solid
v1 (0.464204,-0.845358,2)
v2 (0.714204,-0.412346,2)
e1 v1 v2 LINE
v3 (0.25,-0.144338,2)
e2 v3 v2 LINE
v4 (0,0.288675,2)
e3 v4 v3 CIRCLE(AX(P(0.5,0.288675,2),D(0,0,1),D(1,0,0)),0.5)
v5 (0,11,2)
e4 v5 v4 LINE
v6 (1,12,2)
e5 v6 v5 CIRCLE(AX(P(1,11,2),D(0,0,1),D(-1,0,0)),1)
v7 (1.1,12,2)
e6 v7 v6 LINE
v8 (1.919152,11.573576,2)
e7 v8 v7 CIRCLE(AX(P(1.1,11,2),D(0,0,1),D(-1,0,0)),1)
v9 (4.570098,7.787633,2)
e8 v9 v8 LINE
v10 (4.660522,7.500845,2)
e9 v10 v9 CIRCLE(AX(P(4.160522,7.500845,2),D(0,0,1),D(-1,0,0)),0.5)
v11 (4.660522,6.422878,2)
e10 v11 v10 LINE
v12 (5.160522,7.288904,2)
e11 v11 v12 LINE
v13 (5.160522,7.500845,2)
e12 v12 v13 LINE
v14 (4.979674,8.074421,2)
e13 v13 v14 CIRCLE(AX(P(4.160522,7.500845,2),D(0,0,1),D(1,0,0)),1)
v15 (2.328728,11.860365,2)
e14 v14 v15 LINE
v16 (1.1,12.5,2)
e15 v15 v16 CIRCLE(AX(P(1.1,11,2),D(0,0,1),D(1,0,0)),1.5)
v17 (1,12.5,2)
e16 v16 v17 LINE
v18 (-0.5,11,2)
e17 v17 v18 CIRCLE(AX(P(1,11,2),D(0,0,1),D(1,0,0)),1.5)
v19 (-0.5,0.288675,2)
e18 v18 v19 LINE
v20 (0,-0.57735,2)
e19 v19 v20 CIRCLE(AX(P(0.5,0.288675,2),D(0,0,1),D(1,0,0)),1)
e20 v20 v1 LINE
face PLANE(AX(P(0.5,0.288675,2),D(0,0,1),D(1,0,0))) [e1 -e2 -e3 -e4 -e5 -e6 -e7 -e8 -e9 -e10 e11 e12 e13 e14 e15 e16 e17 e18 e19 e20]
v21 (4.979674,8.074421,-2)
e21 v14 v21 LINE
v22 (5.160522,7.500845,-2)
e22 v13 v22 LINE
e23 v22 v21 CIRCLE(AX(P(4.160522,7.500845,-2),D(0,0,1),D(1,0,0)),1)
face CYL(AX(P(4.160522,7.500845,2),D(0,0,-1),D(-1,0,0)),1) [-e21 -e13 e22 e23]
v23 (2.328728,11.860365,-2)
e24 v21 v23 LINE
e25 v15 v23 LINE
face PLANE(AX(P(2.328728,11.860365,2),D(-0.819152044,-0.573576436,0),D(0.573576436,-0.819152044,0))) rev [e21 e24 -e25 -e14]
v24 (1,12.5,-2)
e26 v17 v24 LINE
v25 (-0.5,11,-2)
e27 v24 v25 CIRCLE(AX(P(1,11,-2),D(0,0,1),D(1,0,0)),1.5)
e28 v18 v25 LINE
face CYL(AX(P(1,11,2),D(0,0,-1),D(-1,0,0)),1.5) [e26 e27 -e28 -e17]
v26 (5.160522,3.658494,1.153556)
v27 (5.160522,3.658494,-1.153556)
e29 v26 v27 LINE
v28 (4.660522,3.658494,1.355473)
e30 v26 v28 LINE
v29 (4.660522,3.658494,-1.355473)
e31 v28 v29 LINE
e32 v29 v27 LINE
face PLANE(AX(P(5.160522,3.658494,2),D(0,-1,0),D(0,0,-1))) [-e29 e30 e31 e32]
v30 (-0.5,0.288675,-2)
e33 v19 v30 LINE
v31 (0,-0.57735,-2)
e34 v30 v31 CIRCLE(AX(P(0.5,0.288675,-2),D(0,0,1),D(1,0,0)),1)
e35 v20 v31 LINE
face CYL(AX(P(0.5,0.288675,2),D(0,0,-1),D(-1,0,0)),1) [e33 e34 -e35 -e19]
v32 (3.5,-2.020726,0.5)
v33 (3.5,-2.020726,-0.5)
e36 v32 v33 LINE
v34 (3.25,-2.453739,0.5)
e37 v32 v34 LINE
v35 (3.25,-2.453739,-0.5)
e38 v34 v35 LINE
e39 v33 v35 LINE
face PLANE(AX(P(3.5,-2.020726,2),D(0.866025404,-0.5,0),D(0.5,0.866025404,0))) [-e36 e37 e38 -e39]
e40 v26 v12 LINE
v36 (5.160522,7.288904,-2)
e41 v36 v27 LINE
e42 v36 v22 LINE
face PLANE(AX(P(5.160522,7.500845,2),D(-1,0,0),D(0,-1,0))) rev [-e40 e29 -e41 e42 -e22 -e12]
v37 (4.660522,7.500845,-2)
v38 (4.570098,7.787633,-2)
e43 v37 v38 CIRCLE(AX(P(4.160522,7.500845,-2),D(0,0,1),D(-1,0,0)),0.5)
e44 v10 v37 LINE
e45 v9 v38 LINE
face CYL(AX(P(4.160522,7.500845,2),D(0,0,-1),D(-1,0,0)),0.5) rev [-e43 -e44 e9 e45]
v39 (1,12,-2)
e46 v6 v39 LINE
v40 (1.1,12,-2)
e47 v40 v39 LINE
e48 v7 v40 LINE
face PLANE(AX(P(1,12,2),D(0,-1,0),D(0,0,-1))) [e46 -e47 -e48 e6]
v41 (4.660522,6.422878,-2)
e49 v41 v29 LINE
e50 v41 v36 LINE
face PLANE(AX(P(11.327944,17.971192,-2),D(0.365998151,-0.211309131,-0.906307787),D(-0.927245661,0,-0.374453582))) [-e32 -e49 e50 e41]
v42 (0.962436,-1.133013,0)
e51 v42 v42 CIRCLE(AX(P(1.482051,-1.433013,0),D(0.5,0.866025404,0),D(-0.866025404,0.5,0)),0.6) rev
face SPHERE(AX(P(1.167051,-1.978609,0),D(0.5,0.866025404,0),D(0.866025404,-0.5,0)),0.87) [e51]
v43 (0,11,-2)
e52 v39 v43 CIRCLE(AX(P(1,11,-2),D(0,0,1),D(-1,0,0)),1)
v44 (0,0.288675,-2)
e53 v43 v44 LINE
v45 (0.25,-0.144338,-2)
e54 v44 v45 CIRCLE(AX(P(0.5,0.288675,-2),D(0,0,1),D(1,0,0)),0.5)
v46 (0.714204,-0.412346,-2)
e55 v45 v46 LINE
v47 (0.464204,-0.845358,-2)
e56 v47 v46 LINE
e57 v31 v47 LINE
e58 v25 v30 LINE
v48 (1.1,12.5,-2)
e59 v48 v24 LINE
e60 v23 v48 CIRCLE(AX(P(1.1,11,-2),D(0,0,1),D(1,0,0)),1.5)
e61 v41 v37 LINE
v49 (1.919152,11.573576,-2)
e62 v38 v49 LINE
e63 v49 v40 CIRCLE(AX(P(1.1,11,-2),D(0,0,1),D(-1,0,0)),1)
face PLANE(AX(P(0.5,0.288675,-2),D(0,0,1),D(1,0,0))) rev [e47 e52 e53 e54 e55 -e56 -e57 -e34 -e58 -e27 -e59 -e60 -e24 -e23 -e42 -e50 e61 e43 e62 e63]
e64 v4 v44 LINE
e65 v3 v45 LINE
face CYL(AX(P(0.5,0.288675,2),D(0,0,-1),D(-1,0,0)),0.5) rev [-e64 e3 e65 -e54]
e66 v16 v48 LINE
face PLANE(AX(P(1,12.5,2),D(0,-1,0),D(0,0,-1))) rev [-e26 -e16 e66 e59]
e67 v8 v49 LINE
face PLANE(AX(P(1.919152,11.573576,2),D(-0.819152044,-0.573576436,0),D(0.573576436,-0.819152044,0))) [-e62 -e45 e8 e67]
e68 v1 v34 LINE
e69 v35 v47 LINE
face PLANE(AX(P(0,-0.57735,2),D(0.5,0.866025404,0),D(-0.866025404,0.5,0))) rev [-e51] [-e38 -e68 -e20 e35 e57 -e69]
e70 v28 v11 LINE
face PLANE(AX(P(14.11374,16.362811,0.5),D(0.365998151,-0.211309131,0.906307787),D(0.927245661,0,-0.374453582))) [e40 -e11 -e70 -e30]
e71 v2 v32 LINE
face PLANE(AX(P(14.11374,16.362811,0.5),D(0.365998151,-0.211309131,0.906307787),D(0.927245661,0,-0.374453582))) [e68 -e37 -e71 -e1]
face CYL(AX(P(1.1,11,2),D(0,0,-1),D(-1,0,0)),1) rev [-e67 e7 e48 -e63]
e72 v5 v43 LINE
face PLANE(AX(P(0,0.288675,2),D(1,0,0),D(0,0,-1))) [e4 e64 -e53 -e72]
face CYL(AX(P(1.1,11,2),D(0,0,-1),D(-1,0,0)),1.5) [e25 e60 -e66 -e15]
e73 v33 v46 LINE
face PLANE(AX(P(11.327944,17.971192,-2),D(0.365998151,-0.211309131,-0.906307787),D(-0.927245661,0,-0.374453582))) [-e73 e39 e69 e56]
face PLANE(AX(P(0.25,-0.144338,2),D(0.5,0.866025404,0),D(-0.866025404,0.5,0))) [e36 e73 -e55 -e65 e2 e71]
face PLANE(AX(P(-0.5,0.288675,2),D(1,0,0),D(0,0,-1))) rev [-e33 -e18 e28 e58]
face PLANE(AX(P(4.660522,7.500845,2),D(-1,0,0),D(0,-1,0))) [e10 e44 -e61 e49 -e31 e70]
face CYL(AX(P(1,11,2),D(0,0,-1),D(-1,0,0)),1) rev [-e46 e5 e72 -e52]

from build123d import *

# Parameters (mm, degrees)
EXTRUDE_THIN1_DEPTH     = 2
CUT_EXTRUDE1_DEPTH      = 14.670442165
CUT_EXTRUDE1_DEPTH_BACK = 14.670442165


with BuildPart() as part:
    # Sketch1 → Extrude-Thin1 (new, symmetric)
    with BuildSketch(Plane.XY):
        with BuildLine():
            Line((3.5, -2.020725942), (0.25, -0.144337567))
            ThreePointArc((0.25, -0.144337567), (0.066987298, 0.038675135), (0, 0.288675135))
            Line((0, 0.288675135), (0, 11))
            ThreePointArc((0, 11), (0.292893219, 11.707106781), (1, 12))
            Line((1, 12), (1.1, 12))
            ThreePointArc((1.1, 12), (1.561748613, 11.887010833), (1.919152044, 11.573576436))
            Line((1.919152044, 11.573576436), (4.570098185, 7.787632989))
            ThreePointArc((4.570098185, 7.787632989), (4.637380639, 7.651197671), (4.660522163, 7.500844771))
            Line((4.660522163, 7.500844771), (4.660522163, 3.658494165))
            Line((4.660522163, 3.658494165), (5.160522163, 3.658494165))
            Line((5.160522163, 3.658494165), (5.160522163, 7.500844771))
            ThreePointArc((5.160522163, 7.500844771), (5.114239114, 7.80155057), (4.979674208, 8.074421207))
            Line((4.979674208, 8.074421207), (2.328728066, 11.860364655))
            ThreePointArc((2.328728066, 11.860364655), (1.79262292, 12.33051625), (1.1, 12.5))
            Line((1.1, 12.5), (1, 12.5))
            ThreePointArc((1, 12.5), (-0.060660172, 12.060660172), (-0.5, 11))
            Line((-0.5, 11), (-0.5, 0.288675135))
            ThreePointArc((-0.5, 0.288675135), (-0.366025404, -0.211324865), (0, -0.577350269))
            Line((0, -0.577350269), (3.25, -2.453738644))
            Line((3.25, -2.453738644), (3.5, -2.020725942))
        make_face()
    extrude(amount=EXTRUDE_THIN1_DEPTH, both=True)

    # Sketch3 → Cut-Extrude1 (cut, two sides: drawn at the far end of the back side and taken through both)
    with BuildSketch(Plane(origin=(0, 0, 0), x_dir=(0.8660254037844364, -0.500000000000004, 0), z_dir=(0.500000000000004, 0.8660254037844364, 0)).offset(-CUT_EXTRUDE1_DEPTH_BACK)):
        Polygon((33.065052182, 13.033927086), (4.041451884, -0.5), (0.824691504, -2), (0.824691504, -2.582001287), (5.059767422, -2.582001287), (5.059767422, 2.96154049), (0.824691504, 2.96154049), (0.824691504, 2), (4.041451884, 0.5), (33.065052182, -13.033927086), (97.113051575, -13.033927086), (97.113051575, 13.033927086), align=None)
    extrude(amount=CUT_EXTRUDE1_DEPTH + CUT_EXTRUDE1_DEPTH_BACK, mode=Mode.SUBTRACT)

    # Sketch6 → Revolve1 (revolve)
    with BuildSketch(Plane.XY):
        with BuildLine():
            Line((1.482050808, -1.433012702), (2.00166605, -1.733012702))
            ThreePointArc((2.00166605, -1.733012702), (1.705049292, -2.662317438), (0.732050808, -2.732050808))
            Line((0.732050808, -2.732050808), (1.482050808, -1.433012702))
        make_face()
    revolve(axis=Axis((1.482050808, -1.433012702, 0), (-0.5000000000000001, -0.8660254037844387, 0)))


solid = part.part
